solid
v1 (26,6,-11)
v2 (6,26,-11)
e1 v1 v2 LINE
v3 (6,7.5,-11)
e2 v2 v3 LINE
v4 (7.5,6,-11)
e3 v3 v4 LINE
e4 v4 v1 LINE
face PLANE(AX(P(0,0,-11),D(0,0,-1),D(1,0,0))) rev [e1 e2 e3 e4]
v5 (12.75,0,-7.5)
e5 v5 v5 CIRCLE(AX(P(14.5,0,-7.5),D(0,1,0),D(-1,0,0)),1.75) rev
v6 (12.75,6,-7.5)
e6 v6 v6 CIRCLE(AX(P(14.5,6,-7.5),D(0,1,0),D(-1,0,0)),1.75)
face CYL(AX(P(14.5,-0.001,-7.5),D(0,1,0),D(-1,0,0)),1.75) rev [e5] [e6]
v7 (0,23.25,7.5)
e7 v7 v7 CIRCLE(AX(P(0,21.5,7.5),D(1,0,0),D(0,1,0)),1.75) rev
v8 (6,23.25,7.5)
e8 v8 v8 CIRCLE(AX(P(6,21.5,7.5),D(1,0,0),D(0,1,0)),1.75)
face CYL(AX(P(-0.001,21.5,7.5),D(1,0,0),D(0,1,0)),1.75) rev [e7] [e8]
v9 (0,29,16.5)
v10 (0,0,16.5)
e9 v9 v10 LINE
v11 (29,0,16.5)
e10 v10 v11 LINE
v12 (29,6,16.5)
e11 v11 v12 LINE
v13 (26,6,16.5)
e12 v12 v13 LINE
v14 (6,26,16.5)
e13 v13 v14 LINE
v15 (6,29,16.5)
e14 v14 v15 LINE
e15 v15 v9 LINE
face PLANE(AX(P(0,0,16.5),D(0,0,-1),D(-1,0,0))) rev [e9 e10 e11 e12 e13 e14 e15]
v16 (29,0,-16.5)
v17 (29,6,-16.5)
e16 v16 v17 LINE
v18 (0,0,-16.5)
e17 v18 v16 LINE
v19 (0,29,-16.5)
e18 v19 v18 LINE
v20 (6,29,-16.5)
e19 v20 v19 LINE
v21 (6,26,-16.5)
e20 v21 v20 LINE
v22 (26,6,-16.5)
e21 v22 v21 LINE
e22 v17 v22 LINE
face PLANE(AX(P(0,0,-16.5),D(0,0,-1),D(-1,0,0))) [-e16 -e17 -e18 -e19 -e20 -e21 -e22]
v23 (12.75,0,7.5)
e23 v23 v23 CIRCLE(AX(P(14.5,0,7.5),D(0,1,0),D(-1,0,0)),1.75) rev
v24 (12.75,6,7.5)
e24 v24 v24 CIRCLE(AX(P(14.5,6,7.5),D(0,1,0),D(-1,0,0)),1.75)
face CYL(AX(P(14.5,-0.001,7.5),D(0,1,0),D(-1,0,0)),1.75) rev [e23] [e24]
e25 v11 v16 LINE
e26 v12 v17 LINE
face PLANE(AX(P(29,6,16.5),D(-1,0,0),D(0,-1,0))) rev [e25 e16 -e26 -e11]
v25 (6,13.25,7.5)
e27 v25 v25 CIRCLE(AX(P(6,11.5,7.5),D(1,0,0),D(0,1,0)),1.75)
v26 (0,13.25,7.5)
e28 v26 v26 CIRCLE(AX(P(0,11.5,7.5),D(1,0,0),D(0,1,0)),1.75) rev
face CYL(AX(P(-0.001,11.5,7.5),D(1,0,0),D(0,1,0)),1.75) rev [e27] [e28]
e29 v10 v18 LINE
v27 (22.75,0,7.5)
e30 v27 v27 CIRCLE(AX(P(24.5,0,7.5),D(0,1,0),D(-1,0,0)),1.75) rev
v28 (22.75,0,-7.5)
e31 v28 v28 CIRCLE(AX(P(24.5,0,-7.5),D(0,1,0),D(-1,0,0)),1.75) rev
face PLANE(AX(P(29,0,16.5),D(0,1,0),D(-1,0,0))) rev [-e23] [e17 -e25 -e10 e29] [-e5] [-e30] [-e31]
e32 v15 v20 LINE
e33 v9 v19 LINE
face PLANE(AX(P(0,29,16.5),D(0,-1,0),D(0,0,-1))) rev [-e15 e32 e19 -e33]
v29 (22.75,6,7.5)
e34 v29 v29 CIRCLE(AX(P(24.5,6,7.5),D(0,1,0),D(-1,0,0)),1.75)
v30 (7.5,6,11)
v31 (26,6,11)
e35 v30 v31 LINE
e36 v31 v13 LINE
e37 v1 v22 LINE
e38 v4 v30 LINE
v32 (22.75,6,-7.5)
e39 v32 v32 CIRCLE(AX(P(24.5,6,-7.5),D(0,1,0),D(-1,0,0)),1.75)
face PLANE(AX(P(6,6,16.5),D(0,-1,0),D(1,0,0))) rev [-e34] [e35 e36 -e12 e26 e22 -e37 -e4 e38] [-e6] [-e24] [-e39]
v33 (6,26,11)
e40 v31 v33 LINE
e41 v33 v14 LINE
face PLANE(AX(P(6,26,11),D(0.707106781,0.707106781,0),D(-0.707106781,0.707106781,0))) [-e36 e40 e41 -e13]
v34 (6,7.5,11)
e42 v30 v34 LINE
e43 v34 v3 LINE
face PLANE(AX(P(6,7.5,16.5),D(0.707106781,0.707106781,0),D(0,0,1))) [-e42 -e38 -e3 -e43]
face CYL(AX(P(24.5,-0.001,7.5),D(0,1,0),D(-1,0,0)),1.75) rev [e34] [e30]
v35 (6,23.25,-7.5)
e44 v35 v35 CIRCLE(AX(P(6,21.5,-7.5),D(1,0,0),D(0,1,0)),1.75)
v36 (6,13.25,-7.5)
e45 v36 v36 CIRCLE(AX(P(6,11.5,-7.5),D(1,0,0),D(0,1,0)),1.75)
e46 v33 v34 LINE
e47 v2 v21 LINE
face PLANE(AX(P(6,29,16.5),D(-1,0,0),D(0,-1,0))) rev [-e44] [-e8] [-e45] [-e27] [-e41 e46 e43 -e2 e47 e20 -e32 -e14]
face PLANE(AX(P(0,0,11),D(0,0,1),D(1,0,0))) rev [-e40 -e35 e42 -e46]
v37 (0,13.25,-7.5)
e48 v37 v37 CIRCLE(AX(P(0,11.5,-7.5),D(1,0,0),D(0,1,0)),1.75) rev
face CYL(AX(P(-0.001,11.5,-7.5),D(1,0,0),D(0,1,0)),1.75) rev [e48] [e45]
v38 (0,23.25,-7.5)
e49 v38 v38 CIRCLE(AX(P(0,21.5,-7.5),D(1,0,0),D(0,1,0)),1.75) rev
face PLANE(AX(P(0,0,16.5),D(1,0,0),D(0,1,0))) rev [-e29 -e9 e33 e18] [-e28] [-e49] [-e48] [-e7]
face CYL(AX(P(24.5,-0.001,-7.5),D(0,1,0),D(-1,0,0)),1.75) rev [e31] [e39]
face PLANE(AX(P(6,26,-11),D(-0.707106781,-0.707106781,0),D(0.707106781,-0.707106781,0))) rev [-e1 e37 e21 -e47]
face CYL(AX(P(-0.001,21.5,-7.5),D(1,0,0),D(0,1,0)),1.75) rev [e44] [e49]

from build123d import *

# Parameters (mm, degrees)
BOSS_EXTRUDE1_DEPTH = 16.5
CUT_EXTRUDE1_REACH  = 42.525
SKETCH2_R           = 1.75
CUT_EXTRUDE2_REACH  = 42.525
SKETCH6_R           = 1.75
BOSS_EXTRUDE2_DEPTH = 5.5
CHAMFER1_SIZE       = 1.5


with BuildPart() as part:
    # Sketch1 → Boss-Extrude1 (new, symmetric)
    with BuildSketch(Plane.XY):
        Polygon((0, 0), (0, 29), (6, 29), (6, 6), (29, 6), (29, 0), align=None)
    extrude(amount=BOSS_EXTRUDE1_DEPTH, both=True)

    # Sketch2 → Cut-Extrude1 (cut, up to next)
    with BuildSketch(Plane(origin=(6, 0, 0), x_dir=(0, 0, -1), z_dir=(1, 0, 0)), mode=Mode.PRIVATE) as cut_extrude1_sk1:
        with Locations(Location((7.5, 21.5, 0), (0, 0, 90))):
            Circle(SKETCH2_R)
    cut_extrude1_tool1 = extrude(cut_extrude1_sk1.sketch, amount=-CUT_EXTRUDE1_REACH, mode=Mode.PRIVATE) & part.part
    # Sketch2 → Cut-Extrude1 (cut, up to next)
    with BuildSketch(Plane(origin=(6, 0, 0), x_dir=(0, 0, -1), z_dir=(1, 0, 0)), mode=Mode.PRIVATE) as cut_extrude1_sk2:
        with Locations(Location((7.5, 11.5, 0), (0, 0, 90))):
            Circle(SKETCH2_R)
    cut_extrude1_tool2 = extrude(cut_extrude1_sk2.sketch, amount=-CUT_EXTRUDE1_REACH, mode=Mode.PRIVATE) & part.part
    # Sketch2 → Cut-Extrude1 (cut, up to next)
    with BuildSketch(Plane(origin=(6, 0, 0), x_dir=(0, 0, -1), z_dir=(1, 0, 0)), mode=Mode.PRIVATE) as cut_extrude1_sk3:
        with Locations(Location((-7.5, 11.5, 0), (0, 0, 90))):
            Circle(SKETCH2_R)
    cut_extrude1_tool3 = extrude(cut_extrude1_sk3.sketch, amount=-CUT_EXTRUDE1_REACH, mode=Mode.PRIVATE) & part.part
    # Sketch2 → Cut-Extrude1 (cut, up to next)
    with BuildSketch(Plane(origin=(6, 0, 0), x_dir=(0, 0, -1), z_dir=(1, 0, 0)), mode=Mode.PRIVATE) as cut_extrude1_sk4:
        with Locations(Location((-7.5, 21.5, 0), (0, 0, 90))):
            Circle(SKETCH2_R)
    cut_extrude1_tool4 = extrude(cut_extrude1_sk4.sketch, amount=-CUT_EXTRUDE1_REACH, mode=Mode.PRIVATE) & part.part
    add(cut_extrude1_tool1.solids().sort_by_distance((6, 21.5, -7.5))[0], mode=Mode.SUBTRACT)
    add(cut_extrude1_tool2.solids().sort_by_distance((6, 11.5, -7.5))[0], mode=Mode.SUBTRACT)
    add(cut_extrude1_tool3.solids().sort_by_distance((6, 11.5, 7.5))[0], mode=Mode.SUBTRACT)
    add(cut_extrude1_tool4.solids().sort_by_distance((6, 21.5, 7.5))[0], mode=Mode.SUBTRACT)

    # Sketch6 → Cut-Extrude2 (cut, up to next)
    with BuildSketch(Plane(origin=(0, 6, 0), x_dir=(1, 0, 0), z_dir=(0, 1, 0)), mode=Mode.PRIVATE) as cut_extrude2_sk1:
        with Locations(Location((14.5, -7.5, 0), (0, 0, 180))):
            Circle(SKETCH6_R)
    cut_extrude2_tool1 = extrude(cut_extrude2_sk1.sketch, amount=-CUT_EXTRUDE2_REACH, mode=Mode.PRIVATE) & part.part
    # Sketch6 → Cut-Extrude2 (cut, up to next)
    with BuildSketch(Plane(origin=(0, 6, 0), x_dir=(1, 0, 0), z_dir=(0, 1, 0)), mode=Mode.PRIVATE) as cut_extrude2_sk2:
        with Locations(Location((14.5, 7.5, 0), (0, 0, 180))):
            Circle(SKETCH6_R)
    cut_extrude2_tool2 = extrude(cut_extrude2_sk2.sketch, amount=-CUT_EXTRUDE2_REACH, mode=Mode.PRIVATE) & part.part
    # Sketch6 → Cut-Extrude2 (cut, up to next)
    with BuildSketch(Plane(origin=(0, 6, 0), x_dir=(1, 0, 0), z_dir=(0, 1, 0)), mode=Mode.PRIVATE) as cut_extrude2_sk3:
        with Locations(Location((24.5, 7.5, 0), (0, 0, 180))):
            Circle(SKETCH6_R)
    cut_extrude2_tool3 = extrude(cut_extrude2_sk3.sketch, amount=-CUT_EXTRUDE2_REACH, mode=Mode.PRIVATE) & part.part
    # Sketch6 → Cut-Extrude2 (cut, up to next)
    with BuildSketch(Plane(origin=(0, 6, 0), x_dir=(1, 0, 0), z_dir=(0, 1, 0)), mode=Mode.PRIVATE) as cut_extrude2_sk4:
        with Locations(Location((24.5, -7.5, 0), (0, 0, 180))):
            Circle(SKETCH6_R)
    cut_extrude2_tool4 = extrude(cut_extrude2_sk4.sketch, amount=-CUT_EXTRUDE2_REACH, mode=Mode.PRIVATE) & part.part
    add(cut_extrude2_tool1.solids().sort_by_distance((14.5, 6, 7.5))[0], mode=Mode.SUBTRACT)
    add(cut_extrude2_tool2.solids().sort_by_distance((14.5, 6, -7.5))[0], mode=Mode.SUBTRACT)
    add(cut_extrude2_tool3.solids().sort_by_distance((24.5, 6, -7.5))[0], mode=Mode.SUBTRACT)
    add(cut_extrude2_tool4.solids().sort_by_distance((24.5, 6, 7.5))[0], mode=Mode.SUBTRACT)

    # Sketch3 → Boss-Extrude2 (add)
    with BuildSketch(Plane.XY.offset(16.5)):
        Polygon((6, 26), (26, 6), (6, 6), align=None)
    boss_extrude2 = extrude(amount=-BOSS_EXTRUDE2_DEPTH)

    # Mirror1: Boss-Extrude2 across plane
    add(boss_extrude2.mirror(Plane.XY))

    # Chamfer1
    chamfer1_edges = [part.edges().sort_by_distance(p)[0] for p in [
        (6, 6, 0),
    ]]
    chamfer(chamfer1_edges, length=CHAMFER1_SIZE)


solid = part.part
